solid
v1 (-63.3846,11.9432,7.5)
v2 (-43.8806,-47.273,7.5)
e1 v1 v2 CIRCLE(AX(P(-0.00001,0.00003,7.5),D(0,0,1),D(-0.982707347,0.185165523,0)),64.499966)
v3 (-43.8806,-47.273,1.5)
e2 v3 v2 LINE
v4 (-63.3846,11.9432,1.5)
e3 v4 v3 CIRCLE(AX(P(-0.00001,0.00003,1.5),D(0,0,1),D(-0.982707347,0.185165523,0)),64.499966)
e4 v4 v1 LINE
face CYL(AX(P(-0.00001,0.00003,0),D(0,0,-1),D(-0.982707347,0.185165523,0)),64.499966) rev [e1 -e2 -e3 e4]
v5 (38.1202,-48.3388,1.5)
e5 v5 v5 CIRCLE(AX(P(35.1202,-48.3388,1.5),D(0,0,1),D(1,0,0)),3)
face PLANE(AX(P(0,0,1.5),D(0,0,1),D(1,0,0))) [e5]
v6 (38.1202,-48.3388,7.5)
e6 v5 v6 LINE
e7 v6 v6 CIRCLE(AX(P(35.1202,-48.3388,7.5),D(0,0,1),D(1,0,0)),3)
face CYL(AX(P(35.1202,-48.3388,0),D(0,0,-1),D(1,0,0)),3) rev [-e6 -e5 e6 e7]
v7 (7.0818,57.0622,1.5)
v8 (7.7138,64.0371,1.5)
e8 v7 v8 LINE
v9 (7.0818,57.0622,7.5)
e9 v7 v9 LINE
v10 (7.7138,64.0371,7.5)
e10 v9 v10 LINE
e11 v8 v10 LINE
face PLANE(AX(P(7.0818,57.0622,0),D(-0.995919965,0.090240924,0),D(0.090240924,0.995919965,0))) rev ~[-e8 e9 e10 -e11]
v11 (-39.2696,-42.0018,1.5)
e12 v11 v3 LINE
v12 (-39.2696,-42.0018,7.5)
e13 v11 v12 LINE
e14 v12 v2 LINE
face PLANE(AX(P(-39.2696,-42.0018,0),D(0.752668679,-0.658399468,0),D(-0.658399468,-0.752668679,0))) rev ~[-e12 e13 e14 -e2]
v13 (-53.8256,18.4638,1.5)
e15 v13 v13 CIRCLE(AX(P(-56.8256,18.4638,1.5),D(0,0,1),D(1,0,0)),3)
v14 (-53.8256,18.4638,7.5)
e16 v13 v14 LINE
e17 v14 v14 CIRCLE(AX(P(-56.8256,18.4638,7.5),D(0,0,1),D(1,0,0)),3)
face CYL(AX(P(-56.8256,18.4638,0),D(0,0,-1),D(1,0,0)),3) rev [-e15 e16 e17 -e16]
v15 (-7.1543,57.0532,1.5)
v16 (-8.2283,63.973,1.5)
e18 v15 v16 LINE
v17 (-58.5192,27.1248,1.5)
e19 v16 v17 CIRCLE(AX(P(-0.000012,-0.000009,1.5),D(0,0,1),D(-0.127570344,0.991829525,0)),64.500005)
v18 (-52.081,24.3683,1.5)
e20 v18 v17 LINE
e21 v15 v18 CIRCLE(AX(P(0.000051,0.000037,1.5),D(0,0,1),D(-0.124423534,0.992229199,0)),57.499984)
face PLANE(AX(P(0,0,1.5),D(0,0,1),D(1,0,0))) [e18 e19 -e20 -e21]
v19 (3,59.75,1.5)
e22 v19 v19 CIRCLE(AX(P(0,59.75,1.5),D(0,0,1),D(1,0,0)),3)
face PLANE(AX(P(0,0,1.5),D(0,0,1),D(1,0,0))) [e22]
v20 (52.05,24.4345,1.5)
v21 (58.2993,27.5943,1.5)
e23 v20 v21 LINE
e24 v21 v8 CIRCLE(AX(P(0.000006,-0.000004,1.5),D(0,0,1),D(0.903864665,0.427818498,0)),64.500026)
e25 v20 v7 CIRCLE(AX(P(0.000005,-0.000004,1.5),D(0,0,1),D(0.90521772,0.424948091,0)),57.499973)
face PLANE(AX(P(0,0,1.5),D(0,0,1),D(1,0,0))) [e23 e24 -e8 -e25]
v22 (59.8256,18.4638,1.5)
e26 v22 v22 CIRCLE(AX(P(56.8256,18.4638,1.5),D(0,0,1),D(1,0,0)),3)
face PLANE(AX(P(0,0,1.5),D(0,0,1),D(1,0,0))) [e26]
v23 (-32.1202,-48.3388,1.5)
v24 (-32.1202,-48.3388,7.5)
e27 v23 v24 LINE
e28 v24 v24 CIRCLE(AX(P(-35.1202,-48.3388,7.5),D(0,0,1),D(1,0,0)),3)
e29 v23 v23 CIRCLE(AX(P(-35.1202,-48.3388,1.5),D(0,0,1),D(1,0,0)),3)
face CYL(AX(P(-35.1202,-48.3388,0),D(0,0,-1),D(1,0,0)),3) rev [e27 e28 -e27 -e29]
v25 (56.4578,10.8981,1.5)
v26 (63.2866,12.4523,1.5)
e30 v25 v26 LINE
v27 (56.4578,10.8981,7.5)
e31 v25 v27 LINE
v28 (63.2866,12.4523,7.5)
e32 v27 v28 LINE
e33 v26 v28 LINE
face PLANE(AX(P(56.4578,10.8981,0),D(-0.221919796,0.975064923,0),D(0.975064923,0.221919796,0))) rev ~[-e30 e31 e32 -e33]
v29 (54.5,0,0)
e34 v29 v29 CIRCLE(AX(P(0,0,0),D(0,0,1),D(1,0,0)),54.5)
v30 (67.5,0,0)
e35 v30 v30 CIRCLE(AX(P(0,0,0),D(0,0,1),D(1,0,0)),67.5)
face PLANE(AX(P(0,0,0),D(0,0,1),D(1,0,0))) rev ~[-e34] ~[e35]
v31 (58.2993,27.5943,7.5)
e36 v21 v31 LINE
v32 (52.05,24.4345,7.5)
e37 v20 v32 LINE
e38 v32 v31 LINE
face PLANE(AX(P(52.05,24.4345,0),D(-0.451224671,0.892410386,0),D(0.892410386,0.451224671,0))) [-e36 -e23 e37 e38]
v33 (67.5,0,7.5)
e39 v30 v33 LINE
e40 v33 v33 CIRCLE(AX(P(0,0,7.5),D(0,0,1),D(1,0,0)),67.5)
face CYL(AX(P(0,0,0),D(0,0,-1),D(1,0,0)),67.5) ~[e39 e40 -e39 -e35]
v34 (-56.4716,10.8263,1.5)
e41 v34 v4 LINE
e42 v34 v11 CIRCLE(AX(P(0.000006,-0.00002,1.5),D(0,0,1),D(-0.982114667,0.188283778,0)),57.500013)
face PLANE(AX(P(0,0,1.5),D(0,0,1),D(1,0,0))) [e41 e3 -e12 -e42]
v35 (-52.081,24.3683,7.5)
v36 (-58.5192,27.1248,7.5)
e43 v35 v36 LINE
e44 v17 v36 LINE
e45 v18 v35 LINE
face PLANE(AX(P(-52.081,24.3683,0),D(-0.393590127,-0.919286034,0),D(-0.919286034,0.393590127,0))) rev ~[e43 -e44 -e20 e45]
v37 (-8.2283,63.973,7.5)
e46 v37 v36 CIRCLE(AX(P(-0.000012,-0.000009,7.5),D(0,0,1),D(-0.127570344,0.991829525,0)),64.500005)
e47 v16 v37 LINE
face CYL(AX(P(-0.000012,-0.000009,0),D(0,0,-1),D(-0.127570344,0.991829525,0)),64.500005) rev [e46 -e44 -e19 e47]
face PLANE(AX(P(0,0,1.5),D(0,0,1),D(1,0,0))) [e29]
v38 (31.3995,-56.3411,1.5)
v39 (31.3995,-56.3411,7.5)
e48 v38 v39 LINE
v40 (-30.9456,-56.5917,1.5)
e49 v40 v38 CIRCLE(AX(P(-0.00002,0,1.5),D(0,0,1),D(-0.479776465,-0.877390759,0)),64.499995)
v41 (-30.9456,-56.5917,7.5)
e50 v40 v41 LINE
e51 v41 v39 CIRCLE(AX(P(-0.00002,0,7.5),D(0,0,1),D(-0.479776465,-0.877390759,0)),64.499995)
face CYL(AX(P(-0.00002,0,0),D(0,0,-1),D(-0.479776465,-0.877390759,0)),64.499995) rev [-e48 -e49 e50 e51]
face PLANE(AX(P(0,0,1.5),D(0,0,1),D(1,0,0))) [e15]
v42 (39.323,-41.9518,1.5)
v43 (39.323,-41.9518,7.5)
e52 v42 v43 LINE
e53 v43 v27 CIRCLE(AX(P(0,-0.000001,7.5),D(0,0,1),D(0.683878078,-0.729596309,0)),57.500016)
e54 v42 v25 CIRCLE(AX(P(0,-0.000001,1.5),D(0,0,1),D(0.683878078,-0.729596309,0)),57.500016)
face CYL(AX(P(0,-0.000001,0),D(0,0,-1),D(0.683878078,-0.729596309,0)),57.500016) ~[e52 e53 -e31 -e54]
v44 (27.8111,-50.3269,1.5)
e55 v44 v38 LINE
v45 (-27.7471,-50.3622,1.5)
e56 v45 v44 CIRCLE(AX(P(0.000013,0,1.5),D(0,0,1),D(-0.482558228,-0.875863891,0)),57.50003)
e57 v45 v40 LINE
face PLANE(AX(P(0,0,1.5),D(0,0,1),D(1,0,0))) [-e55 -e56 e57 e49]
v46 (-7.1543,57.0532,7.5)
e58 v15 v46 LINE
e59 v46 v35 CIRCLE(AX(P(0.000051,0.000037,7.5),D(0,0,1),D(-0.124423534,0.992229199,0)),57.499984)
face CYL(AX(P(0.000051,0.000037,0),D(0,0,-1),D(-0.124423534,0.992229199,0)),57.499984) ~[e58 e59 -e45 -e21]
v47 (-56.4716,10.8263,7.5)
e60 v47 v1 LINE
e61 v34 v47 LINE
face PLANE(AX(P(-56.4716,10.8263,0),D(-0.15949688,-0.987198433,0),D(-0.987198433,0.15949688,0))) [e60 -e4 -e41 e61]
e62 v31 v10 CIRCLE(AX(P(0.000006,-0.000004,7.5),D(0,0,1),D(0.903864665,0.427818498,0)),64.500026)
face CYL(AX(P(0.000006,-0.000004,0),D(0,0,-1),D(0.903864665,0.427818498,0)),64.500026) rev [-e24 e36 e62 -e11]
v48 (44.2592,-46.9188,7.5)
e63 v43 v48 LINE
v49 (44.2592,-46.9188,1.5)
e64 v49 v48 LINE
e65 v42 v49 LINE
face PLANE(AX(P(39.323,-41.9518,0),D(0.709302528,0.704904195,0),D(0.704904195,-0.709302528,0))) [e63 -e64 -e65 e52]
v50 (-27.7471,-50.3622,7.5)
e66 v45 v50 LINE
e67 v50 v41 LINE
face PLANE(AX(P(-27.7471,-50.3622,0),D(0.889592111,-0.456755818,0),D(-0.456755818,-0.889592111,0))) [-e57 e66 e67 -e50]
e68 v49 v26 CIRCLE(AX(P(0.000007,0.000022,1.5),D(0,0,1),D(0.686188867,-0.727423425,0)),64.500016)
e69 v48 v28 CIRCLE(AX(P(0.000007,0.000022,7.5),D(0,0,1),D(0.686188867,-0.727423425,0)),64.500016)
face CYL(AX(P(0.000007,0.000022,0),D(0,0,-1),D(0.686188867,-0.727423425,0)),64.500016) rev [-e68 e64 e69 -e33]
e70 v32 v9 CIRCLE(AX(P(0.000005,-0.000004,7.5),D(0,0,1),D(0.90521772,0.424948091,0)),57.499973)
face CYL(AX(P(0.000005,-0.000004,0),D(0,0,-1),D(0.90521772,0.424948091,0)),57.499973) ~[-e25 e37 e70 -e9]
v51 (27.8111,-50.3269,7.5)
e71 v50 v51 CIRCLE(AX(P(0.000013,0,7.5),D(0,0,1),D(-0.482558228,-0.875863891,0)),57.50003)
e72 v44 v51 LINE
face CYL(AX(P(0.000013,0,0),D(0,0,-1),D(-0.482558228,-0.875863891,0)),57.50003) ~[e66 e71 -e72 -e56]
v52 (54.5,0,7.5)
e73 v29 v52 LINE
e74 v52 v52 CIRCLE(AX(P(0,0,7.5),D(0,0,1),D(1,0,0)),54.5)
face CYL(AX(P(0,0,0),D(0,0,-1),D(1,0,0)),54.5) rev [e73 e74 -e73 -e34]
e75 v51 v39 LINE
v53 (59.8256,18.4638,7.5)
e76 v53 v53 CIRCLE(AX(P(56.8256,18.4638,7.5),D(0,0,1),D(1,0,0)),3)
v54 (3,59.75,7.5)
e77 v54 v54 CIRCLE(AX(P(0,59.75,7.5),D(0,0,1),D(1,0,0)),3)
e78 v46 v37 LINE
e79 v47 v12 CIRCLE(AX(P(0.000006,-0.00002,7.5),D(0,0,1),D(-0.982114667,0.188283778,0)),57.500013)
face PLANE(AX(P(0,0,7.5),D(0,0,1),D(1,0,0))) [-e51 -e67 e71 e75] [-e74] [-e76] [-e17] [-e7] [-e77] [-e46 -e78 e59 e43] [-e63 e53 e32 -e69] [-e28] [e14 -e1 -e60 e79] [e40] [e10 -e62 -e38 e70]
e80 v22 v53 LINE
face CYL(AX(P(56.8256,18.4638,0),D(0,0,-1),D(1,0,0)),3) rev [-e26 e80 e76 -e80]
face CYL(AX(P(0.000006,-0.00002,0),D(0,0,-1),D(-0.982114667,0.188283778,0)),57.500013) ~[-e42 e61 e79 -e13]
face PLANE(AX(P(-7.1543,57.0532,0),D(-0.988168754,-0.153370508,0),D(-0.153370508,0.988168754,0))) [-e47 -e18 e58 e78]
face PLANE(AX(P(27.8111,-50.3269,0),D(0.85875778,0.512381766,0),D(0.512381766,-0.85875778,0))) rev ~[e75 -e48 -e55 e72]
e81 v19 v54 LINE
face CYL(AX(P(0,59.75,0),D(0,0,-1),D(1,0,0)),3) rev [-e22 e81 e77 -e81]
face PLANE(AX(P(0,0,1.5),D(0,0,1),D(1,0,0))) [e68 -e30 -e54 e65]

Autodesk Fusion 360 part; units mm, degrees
sketch "Sketch1" plane through (0, 0, 0) normal (0, 0, 1) x (1, 0, 0)
  circle A0 centre (0, 0) radius 54.5
  circle A1 centre (0, 0) radius 67.5
  line L0 (0, 0) -> (67.5, 0) construction
  line L1 (0, 0) -> (67.5, 0) construction
  line L2 (0, 56.25) -> (0, 63.25) construction
  circle A2 centre (0, 59.75) radius 3
  line L3 (-7.1543, 57.0532) -> (-8.2283, 63.973)
  line L4 (7.0818, 57.0622) -> (7.7138, 64.0371)
  line L5 (-56.4716, 10.8263) -> (-63.3846, 11.9432)
  circle A3 centre (-56.8256, 18.4638) radius 3
  line L6 (-52.081, 24.3683) -> (-58.5192, 27.1248)
  line L7 (-27.7471, -50.3622) -> (-30.9456, -56.5917)
  circle A4 centre (-35.1202, -48.3388) radius 3
  line L8 (-39.2696, -42.0018) -> (-43.8806, -47.273)
  line L9 (39.323, -41.9518) -> (44.2592, -46.9188)
  circle A5 centre (35.1202, -48.3388) radius 3
  line L10 (27.8111, -50.3269) -> (31.3995, -56.3411)
  line L11 (52.05, 24.4345) -> (58.2993, 27.5943)
  circle A6 centre (56.8256, 18.4638) radius 3
  line L12 (56.4578, 10.8981) -> (63.2866, 12.4523)
  arc A7 (52.05, 24.4345) -> (7.0818, 57.0622) centre (0, 0) ccw
  arc A8 (58.2993, 27.5943) -> (7.7138, 64.0371) centre (0, 0) ccw
  arc A9 (-7.1543, 57.0532) -> (-52.081, 24.3683) centre (0, 0) ccw
  arc A10 (-8.2283, 63.973) -> (-58.5192, 27.1248) centre (0, 0) ccw
  arc A11 (-56.4716, 10.8263) -> (-39.2696, -42.0018) centre (0, 0) ccw
  arc A12 (-63.3846, 11.9432) -> (-43.8806, -47.273) centre (0, 0) ccw
  arc A13 (-27.7471, -50.3622) -> (27.8111, -50.3269) centre (0, 0) ccw
  arc A14 (39.323, -41.9518) -> (56.4578, 10.8981) centre (0, 0) ccw
  arc A15 (-30.9456, -56.5917) -> (31.3995, -56.3411) centre (0, 0) ccw
  arc A16 (44.2592, -46.9188) -> (63.2866, 12.4523) centre (0, 0) ccw
  line L13 (0, 0) -> (0, 67.5) construction
  dimension "d1" = 109
  dimension "d2" = 135
  dimension "d3" = 115
  dimension "d4" = 129
  dimension "d7" = 6
  dimension "d8" = 7
  dimension "d10" = 360
  dimension "d11" = 59.75
  dimension "d12" = 14
  dimension "d14" = 7.2954
  dimension "d15" = 14.8681
extrude "Extrude1" add sketch "Sketch1" along normal blind 1.5 contours A2 | L3 L6 A9 A10 | L4 L11 A7 A8 | L5 L8 A11 A12 | A3 | L7 L10 A13 A15 | A4 | L9 L12 A14 A16 | A5 | A6 makes body 1 at (34.6202, -46.3461, 0) makes body 2 at (61.3877, 8.8614, 0) makes body 3 at (-54.8723, 28.9138, 0) makes body 4 at (-44.4551, -43.2519, 0) makes body 5 at (59.8219, 18.3142, 1) makes body 6 at (-53.8294, 18.3142, 1) makes body 7 at (27.3976, -55.6449, 0) makes body 8 at (10.5421, 61.1215, 0) makes body 9 at (-34.2393, -47.0468, 0) makes body 10 at (2.9963, 59.6005, 1)
extrude "Extrude2" add sketch "Sketch1" along normal blind 7.5 bodies 1 2 3 4 5 6 7 8 9 10
